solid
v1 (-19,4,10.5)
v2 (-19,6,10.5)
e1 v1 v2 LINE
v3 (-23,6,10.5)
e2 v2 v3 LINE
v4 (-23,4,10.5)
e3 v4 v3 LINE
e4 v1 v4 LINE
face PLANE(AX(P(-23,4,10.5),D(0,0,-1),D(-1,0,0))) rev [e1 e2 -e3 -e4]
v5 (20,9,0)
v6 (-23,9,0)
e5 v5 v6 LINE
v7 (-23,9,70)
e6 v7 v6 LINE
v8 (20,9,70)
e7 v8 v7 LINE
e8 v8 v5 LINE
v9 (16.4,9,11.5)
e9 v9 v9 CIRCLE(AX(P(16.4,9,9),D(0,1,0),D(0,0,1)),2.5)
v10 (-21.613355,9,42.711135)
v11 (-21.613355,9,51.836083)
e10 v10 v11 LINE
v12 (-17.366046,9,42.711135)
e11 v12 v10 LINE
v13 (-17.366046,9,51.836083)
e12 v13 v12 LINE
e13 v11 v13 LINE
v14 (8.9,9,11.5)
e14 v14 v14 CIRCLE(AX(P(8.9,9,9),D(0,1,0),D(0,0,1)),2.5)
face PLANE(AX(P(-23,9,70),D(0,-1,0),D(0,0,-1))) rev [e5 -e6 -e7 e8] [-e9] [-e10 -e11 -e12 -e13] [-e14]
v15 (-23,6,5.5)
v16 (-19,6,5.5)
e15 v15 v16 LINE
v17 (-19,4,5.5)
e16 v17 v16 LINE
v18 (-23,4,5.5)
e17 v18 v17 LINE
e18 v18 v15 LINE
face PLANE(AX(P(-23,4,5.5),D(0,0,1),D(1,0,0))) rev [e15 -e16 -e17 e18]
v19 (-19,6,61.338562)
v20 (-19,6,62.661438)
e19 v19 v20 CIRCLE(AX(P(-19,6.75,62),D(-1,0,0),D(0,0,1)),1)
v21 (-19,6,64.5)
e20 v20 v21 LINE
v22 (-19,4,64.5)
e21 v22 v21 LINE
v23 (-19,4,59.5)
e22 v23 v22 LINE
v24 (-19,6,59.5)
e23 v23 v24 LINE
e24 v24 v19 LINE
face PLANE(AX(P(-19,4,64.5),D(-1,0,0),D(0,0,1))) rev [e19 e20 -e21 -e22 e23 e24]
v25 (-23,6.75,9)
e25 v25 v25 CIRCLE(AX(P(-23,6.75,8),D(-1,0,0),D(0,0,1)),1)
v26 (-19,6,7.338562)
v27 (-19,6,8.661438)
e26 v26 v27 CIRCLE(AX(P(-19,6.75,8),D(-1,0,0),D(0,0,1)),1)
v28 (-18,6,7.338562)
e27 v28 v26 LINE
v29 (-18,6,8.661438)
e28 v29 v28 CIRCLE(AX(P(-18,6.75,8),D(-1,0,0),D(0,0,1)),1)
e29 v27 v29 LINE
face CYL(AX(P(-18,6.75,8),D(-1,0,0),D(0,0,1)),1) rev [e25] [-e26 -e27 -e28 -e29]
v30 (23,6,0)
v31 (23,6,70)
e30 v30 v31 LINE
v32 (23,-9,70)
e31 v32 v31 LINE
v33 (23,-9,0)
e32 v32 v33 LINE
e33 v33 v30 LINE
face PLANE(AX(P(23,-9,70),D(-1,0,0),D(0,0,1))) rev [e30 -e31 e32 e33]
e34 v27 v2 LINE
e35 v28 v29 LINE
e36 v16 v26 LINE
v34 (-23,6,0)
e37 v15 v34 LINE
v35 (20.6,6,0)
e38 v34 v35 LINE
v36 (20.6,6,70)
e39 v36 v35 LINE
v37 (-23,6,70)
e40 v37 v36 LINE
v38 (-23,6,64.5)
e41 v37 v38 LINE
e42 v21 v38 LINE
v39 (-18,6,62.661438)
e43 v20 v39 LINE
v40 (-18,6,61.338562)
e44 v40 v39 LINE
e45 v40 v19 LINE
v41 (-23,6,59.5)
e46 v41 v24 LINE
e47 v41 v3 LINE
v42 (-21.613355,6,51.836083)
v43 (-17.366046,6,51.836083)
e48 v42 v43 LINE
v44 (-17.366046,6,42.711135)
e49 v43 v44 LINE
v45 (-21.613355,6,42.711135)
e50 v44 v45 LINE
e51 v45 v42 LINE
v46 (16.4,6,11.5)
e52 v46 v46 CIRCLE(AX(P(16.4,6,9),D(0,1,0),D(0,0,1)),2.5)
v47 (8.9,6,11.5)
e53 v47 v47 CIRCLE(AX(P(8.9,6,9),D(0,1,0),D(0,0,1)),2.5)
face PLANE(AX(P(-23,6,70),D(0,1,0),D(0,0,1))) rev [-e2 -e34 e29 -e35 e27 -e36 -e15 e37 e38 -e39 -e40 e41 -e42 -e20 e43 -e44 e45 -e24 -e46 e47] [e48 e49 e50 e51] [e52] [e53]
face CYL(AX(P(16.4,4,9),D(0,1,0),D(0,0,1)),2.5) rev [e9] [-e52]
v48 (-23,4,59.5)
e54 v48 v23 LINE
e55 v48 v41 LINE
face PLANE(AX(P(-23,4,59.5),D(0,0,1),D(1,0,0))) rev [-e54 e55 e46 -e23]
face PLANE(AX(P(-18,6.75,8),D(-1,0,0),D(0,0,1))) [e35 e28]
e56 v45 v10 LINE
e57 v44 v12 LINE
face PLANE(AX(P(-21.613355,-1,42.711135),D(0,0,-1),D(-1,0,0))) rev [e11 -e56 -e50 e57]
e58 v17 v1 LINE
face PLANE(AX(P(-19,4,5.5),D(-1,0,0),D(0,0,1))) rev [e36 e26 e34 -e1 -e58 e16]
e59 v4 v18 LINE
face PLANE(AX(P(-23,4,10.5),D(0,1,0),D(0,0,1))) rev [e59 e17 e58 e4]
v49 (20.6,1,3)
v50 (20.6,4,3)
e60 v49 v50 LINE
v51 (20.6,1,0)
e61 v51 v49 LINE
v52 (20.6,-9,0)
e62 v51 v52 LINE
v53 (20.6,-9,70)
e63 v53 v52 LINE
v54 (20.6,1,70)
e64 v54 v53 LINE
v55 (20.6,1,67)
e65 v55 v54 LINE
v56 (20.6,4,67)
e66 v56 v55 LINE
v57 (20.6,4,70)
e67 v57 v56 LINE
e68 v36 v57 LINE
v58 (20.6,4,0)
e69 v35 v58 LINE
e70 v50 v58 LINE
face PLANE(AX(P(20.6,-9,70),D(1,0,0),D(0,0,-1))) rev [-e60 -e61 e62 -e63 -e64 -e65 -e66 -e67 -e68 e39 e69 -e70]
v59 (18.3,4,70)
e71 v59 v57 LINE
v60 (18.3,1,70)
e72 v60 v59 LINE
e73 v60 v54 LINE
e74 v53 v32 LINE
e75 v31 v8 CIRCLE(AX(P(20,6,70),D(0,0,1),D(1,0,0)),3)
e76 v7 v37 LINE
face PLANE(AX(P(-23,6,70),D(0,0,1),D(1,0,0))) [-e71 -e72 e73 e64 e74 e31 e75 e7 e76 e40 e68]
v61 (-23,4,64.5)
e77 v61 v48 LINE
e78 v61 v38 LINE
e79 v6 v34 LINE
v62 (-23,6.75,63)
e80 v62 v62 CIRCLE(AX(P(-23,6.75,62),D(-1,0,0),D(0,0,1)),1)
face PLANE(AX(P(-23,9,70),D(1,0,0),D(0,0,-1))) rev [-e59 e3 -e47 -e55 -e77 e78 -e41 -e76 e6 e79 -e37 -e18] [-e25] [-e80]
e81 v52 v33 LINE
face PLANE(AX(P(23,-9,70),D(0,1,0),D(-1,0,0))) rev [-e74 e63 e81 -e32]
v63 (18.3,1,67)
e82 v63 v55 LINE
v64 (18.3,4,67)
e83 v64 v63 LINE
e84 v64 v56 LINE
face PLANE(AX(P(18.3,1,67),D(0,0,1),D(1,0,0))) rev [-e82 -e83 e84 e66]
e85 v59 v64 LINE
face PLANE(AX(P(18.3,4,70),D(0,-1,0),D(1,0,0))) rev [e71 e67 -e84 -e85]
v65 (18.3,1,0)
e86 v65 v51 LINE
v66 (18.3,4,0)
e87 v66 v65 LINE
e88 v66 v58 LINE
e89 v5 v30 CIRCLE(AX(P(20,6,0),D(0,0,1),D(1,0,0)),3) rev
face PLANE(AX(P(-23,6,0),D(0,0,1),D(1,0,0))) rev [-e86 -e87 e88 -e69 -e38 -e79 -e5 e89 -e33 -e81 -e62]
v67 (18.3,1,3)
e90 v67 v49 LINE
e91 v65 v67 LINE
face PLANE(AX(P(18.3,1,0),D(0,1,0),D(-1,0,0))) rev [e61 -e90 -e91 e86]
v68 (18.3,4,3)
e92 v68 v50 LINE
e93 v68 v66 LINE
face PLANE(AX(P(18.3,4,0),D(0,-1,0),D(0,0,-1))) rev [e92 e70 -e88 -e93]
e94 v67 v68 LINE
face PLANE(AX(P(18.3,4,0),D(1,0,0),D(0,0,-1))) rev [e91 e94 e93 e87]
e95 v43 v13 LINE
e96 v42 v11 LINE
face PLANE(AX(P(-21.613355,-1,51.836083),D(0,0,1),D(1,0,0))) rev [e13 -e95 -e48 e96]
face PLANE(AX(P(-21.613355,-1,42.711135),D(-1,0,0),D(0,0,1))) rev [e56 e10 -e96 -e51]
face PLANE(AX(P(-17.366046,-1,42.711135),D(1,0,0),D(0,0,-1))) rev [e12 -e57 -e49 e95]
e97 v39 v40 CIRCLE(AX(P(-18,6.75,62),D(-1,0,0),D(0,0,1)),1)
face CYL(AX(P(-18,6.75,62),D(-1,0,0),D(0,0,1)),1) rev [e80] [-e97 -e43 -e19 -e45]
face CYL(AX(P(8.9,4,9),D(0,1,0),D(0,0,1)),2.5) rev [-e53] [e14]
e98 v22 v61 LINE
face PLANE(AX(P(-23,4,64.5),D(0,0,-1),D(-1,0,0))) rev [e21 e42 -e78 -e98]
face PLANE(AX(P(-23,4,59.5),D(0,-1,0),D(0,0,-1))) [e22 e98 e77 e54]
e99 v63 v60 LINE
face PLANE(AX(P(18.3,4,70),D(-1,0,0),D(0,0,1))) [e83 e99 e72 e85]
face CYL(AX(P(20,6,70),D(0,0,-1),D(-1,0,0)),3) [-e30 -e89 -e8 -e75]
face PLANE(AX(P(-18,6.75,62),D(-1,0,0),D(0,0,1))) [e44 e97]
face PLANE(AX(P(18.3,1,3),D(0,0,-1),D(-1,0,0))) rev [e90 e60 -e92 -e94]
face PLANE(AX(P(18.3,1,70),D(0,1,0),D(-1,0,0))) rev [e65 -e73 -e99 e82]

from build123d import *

# Parameters (mm, degrees)
EXTRUDE1_DEPTH     = 70
SKETCH2_W          = 3
SKETCH2_H          = 3
EXTRUDE2_DEPTH     = 2.3
SKETCH3_W          = 4
SKETCH3_H          = 5
EXTRUDE3_DEPTH     = 2
SKETCH4_R          = 1
EXTRUDE4_DEPTH     = 5
FILLET1_R          = 3
SKETCH5_R          = 2.5
EXTRUDE6_DEPTH     = 5
SKETCH6_W          = 4.247308601
SKETCH6_H          = 9.124947865
CUT_EXTRUDE1_DEPTH = 10


with BuildPart() as part:
    # Sketch1 → Extrude1 (new body)
    with BuildSketch(Plane.XY):
        Polygon((-23, 9), (23, 9), (23, -9), (20.6, -9), (20.6, 6), (-23, 6), align=None)
    extrude(amount=EXTRUDE1_DEPTH)

    # Sketch2 → Extrude2 (add)
    with BuildSketch(Plane.ZY.offset(-20.6)):
        with Locations((1.5, 2.5)):
            Rectangle(SKETCH2_W, SKETCH2_H)
        with Locations((68.5, 2.5)):
            Rectangle(SKETCH2_W, SKETCH2_H)
    extrude(amount=EXTRUDE2_DEPTH)

    # Sketch3 → Extrude3 (add)
    with BuildSketch(Plane.XZ.offset(-6)):
        with Locations((-21, 8)):
            Rectangle(SKETCH3_W, SKETCH3_H)
        with Locations((-21, 62)):
            Rectangle(SKETCH3_W, SKETCH3_H)
    extrude(amount=EXTRUDE3_DEPTH)

    # Sketch4 → Extrude4 (cut)
    with BuildSketch(Plane.ZY.offset(23)):
        with Locations((8, 6.75)):
            Circle(SKETCH4_R)
        with Locations((62, 6.75)):
            Circle(SKETCH4_R)
    extrude(amount=-EXTRUDE4_DEPTH, mode=Mode.SUBTRACT)

    # Fillet1
    fillet1_edges = [part.edges().sort_by_distance(p)[0] for p in [
        (23, 9, 35),
    ]]
    fillet(fillet1_edges, radius=FILLET1_R)

    # Sketch5 → Extrude6 (cut)
    with BuildSketch(Plane(origin=(0, 9, 0), x_dir=(-1, 0, 0), z_dir=(0, 1, 0))):
        with Locations((-16.4, 9)):
            Circle(SKETCH5_R)
        with Locations((-8.9, 9)):
            Circle(SKETCH5_R)
    extrude(amount=-EXTRUDE6_DEPTH, mode=Mode.SUBTRACT)

    # Sketch6 → Cut-Extrude1 (cut)
    with BuildSketch(Plane(origin=(0, 9, 0), x_dir=(-1, 0, 0), z_dir=(0, 1, 0))):
        with Locations((19.489700301, 47.273609058)):
            Rectangle(SKETCH6_W, SKETCH6_H)
    extrude(amount=-CUT_EXTRUDE1_DEPTH, mode=Mode.SUBTRACT)


solid = part.part
